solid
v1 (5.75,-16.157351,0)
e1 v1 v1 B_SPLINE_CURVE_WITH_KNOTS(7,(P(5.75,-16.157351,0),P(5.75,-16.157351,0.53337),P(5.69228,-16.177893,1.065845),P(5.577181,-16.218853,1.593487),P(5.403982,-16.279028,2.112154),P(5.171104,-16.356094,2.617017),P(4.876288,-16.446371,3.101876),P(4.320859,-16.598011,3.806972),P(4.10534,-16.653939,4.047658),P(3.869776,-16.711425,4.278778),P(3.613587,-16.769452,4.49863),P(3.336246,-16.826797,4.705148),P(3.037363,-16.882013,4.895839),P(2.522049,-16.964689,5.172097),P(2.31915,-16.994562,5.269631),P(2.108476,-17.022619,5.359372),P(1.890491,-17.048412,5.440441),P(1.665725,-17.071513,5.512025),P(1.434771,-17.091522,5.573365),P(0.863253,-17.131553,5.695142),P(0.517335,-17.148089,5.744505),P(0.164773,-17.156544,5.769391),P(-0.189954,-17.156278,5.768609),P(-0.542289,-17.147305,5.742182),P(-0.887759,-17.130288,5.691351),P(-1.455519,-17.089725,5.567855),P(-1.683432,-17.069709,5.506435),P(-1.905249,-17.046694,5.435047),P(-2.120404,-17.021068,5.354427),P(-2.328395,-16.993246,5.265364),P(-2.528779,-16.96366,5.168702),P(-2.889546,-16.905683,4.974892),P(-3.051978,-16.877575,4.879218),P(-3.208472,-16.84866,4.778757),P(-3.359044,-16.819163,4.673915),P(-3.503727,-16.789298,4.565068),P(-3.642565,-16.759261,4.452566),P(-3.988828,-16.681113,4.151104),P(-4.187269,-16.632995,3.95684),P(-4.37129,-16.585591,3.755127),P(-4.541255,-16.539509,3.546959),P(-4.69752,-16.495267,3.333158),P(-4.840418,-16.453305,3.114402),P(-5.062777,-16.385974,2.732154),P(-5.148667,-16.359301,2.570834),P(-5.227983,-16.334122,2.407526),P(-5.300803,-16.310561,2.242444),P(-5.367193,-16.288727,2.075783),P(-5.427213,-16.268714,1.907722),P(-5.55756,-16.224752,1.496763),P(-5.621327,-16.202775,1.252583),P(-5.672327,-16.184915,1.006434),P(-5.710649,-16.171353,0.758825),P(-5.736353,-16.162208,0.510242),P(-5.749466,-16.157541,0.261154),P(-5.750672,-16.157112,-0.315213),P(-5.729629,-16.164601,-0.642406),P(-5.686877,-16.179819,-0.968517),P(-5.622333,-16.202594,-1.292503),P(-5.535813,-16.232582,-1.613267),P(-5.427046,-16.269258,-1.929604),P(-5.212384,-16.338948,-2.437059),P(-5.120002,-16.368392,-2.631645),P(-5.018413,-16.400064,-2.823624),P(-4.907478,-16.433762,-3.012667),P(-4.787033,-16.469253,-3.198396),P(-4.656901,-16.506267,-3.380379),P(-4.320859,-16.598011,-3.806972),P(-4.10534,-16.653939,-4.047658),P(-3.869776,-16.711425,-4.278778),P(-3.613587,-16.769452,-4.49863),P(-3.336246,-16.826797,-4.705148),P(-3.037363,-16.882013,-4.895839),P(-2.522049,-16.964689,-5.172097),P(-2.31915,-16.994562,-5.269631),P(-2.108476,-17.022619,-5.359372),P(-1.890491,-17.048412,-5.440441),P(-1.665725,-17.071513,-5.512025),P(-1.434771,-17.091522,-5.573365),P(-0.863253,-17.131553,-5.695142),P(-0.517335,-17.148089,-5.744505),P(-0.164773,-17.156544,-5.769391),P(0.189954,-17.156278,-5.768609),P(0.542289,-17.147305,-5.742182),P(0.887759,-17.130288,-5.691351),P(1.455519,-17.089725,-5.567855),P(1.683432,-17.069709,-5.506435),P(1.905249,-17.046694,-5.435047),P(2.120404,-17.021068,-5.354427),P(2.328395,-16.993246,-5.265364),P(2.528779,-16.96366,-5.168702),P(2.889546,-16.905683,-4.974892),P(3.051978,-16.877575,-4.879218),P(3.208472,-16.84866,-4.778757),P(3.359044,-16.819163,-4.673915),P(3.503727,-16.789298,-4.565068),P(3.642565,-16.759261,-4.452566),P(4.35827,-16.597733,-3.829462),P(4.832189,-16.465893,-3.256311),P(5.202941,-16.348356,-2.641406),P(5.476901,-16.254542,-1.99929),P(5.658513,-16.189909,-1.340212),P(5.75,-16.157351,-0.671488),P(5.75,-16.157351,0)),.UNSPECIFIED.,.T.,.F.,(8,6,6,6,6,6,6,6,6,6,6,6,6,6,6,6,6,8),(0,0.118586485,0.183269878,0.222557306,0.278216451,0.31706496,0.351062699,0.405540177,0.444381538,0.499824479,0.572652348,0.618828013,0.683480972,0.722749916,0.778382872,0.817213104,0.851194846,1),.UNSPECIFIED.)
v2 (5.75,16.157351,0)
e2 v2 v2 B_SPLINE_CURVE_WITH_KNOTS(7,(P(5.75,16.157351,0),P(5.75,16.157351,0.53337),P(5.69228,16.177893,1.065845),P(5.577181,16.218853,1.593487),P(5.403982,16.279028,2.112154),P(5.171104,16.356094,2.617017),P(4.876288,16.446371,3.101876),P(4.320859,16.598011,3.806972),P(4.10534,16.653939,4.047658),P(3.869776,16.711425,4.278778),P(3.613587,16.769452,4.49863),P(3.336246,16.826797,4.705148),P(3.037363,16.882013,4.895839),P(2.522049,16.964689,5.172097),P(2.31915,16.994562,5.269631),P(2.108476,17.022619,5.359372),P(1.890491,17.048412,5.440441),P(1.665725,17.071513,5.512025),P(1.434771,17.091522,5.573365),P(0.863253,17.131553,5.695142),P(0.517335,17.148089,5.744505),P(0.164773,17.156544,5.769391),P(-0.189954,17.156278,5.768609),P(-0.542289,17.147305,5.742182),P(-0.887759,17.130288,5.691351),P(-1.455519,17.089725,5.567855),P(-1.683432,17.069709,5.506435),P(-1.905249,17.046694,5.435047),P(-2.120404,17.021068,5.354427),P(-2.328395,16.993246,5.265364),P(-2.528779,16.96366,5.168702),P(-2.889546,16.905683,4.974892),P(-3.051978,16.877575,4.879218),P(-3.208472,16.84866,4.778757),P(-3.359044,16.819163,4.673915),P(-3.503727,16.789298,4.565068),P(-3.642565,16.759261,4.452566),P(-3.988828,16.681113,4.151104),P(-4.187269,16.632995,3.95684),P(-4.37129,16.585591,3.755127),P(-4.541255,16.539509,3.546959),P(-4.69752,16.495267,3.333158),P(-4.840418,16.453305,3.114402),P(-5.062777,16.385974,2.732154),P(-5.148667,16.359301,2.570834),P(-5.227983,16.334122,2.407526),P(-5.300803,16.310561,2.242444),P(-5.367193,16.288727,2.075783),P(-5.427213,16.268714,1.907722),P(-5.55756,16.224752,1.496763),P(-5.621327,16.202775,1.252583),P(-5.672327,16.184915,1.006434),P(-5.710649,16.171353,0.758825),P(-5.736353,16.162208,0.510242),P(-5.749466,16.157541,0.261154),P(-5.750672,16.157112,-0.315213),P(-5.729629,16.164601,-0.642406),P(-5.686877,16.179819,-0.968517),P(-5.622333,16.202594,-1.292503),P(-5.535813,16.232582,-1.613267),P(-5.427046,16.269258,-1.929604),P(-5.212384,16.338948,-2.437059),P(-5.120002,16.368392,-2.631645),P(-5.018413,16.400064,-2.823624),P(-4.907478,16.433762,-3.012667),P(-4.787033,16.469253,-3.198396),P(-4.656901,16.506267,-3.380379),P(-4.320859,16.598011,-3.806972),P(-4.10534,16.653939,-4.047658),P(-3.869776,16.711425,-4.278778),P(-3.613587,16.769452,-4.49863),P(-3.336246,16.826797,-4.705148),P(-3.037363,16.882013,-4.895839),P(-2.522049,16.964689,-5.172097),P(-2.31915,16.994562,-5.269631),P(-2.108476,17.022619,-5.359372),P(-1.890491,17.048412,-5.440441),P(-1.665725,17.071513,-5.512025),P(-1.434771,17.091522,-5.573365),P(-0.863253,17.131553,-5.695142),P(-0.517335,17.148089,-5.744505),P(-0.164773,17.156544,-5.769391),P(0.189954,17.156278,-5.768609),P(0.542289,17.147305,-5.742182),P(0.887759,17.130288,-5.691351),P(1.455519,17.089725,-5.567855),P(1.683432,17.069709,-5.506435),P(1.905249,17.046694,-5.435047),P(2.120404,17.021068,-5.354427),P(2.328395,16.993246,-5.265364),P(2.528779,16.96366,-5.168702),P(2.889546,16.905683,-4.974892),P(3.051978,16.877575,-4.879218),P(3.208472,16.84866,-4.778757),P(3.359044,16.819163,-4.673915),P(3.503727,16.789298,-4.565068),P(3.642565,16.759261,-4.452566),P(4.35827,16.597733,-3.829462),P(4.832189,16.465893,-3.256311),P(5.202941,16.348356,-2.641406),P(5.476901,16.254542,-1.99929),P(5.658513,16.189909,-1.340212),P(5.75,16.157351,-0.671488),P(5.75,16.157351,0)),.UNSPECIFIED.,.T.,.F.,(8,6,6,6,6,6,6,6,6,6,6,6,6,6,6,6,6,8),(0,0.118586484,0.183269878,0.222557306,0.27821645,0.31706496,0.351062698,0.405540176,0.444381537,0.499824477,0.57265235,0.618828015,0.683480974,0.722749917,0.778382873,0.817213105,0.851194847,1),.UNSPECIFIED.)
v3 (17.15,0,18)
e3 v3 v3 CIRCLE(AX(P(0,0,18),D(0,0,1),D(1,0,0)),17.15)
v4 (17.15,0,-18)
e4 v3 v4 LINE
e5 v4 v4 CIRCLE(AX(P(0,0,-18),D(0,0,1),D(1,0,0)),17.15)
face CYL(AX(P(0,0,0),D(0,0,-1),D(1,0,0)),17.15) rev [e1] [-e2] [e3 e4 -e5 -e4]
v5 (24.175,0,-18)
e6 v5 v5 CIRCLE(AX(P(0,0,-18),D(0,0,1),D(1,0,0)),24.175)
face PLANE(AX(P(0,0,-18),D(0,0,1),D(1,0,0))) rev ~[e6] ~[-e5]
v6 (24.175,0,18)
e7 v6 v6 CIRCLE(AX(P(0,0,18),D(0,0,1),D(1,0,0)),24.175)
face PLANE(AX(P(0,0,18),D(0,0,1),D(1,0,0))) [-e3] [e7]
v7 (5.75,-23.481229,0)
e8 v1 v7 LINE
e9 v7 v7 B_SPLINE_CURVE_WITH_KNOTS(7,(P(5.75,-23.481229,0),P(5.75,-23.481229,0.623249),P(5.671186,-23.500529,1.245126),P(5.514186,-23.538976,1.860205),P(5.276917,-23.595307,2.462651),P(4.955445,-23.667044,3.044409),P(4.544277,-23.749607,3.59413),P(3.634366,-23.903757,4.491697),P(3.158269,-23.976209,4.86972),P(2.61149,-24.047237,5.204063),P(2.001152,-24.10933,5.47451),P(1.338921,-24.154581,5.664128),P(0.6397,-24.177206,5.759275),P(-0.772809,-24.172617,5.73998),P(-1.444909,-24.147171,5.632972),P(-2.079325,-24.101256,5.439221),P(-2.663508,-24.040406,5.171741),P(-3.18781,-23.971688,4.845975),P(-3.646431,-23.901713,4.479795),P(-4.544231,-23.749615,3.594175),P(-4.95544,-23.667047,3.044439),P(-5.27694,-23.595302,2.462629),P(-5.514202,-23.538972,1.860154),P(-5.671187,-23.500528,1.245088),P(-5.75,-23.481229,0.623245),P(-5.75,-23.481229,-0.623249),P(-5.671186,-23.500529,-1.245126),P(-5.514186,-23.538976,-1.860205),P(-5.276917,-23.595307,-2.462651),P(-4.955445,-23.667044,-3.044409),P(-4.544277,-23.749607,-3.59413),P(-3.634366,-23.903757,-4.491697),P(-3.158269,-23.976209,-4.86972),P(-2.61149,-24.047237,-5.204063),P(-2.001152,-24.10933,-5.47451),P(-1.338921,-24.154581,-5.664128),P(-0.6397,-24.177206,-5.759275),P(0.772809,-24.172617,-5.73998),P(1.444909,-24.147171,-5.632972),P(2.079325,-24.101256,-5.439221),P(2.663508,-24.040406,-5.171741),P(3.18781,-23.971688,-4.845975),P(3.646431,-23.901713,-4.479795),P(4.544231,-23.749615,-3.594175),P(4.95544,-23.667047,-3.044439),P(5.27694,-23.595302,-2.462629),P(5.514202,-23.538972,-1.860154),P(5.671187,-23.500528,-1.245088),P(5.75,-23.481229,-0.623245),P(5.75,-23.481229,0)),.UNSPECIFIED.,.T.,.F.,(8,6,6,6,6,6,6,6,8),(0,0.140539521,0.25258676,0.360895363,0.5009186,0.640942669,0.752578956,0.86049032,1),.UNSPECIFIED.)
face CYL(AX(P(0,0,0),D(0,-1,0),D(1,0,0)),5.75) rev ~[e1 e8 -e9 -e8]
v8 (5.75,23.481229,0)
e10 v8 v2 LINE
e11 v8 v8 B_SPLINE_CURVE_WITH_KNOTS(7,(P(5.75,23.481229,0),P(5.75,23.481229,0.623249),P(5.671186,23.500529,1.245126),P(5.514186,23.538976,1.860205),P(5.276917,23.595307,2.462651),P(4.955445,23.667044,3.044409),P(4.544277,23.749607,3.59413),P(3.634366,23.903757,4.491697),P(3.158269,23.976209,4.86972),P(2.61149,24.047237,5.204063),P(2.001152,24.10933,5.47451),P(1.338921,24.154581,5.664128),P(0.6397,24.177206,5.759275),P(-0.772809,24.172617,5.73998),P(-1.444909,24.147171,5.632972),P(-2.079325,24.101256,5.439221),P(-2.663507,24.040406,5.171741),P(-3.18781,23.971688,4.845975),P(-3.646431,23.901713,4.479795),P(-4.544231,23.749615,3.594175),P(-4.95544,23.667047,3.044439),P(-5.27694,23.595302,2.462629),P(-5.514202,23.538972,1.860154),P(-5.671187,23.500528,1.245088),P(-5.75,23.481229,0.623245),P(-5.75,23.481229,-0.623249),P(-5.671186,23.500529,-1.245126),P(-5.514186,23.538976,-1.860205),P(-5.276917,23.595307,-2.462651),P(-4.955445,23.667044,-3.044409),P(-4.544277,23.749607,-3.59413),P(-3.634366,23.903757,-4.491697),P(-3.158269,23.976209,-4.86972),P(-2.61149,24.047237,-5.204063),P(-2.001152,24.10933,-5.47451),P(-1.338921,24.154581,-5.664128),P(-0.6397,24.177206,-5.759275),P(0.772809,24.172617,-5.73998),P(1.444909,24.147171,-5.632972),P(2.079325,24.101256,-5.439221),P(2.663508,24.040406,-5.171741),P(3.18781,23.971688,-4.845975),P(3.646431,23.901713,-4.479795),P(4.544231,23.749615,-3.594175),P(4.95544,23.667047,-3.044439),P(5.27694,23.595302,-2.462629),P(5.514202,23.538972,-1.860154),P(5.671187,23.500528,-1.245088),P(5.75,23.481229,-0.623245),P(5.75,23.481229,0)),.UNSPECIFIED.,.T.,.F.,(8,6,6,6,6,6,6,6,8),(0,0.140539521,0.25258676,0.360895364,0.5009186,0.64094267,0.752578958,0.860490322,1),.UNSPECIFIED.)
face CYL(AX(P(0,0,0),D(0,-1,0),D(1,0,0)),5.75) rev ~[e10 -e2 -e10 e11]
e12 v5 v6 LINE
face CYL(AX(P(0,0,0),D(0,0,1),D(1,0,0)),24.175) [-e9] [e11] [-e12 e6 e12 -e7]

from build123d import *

# Parameters (mm, degrees)
F0_R     = 24.175
F0_R_2   = 17.15
F1_DEPTH = 18
F2_R     = 5.75
F3_DEPTH = 647.7


with BuildPart() as f1:
    # F0 (on Top) → F1 (new body, symmetric)
    with BuildSketch(Plane.XY):
        Circle(F0_R)
        Circle(F0_R_2, mode=Mode.SUBTRACT)
    extrude(amount=F1_DEPTH, both=True)

    # F2 (on Front) → F3 (cut, symmetric)
    with BuildSketch(Plane.XZ):
        Circle(F2_R)
    extrude(amount=F3_DEPTH, both=True, mode=Mode.SUBTRACT)


solid = f1.part
